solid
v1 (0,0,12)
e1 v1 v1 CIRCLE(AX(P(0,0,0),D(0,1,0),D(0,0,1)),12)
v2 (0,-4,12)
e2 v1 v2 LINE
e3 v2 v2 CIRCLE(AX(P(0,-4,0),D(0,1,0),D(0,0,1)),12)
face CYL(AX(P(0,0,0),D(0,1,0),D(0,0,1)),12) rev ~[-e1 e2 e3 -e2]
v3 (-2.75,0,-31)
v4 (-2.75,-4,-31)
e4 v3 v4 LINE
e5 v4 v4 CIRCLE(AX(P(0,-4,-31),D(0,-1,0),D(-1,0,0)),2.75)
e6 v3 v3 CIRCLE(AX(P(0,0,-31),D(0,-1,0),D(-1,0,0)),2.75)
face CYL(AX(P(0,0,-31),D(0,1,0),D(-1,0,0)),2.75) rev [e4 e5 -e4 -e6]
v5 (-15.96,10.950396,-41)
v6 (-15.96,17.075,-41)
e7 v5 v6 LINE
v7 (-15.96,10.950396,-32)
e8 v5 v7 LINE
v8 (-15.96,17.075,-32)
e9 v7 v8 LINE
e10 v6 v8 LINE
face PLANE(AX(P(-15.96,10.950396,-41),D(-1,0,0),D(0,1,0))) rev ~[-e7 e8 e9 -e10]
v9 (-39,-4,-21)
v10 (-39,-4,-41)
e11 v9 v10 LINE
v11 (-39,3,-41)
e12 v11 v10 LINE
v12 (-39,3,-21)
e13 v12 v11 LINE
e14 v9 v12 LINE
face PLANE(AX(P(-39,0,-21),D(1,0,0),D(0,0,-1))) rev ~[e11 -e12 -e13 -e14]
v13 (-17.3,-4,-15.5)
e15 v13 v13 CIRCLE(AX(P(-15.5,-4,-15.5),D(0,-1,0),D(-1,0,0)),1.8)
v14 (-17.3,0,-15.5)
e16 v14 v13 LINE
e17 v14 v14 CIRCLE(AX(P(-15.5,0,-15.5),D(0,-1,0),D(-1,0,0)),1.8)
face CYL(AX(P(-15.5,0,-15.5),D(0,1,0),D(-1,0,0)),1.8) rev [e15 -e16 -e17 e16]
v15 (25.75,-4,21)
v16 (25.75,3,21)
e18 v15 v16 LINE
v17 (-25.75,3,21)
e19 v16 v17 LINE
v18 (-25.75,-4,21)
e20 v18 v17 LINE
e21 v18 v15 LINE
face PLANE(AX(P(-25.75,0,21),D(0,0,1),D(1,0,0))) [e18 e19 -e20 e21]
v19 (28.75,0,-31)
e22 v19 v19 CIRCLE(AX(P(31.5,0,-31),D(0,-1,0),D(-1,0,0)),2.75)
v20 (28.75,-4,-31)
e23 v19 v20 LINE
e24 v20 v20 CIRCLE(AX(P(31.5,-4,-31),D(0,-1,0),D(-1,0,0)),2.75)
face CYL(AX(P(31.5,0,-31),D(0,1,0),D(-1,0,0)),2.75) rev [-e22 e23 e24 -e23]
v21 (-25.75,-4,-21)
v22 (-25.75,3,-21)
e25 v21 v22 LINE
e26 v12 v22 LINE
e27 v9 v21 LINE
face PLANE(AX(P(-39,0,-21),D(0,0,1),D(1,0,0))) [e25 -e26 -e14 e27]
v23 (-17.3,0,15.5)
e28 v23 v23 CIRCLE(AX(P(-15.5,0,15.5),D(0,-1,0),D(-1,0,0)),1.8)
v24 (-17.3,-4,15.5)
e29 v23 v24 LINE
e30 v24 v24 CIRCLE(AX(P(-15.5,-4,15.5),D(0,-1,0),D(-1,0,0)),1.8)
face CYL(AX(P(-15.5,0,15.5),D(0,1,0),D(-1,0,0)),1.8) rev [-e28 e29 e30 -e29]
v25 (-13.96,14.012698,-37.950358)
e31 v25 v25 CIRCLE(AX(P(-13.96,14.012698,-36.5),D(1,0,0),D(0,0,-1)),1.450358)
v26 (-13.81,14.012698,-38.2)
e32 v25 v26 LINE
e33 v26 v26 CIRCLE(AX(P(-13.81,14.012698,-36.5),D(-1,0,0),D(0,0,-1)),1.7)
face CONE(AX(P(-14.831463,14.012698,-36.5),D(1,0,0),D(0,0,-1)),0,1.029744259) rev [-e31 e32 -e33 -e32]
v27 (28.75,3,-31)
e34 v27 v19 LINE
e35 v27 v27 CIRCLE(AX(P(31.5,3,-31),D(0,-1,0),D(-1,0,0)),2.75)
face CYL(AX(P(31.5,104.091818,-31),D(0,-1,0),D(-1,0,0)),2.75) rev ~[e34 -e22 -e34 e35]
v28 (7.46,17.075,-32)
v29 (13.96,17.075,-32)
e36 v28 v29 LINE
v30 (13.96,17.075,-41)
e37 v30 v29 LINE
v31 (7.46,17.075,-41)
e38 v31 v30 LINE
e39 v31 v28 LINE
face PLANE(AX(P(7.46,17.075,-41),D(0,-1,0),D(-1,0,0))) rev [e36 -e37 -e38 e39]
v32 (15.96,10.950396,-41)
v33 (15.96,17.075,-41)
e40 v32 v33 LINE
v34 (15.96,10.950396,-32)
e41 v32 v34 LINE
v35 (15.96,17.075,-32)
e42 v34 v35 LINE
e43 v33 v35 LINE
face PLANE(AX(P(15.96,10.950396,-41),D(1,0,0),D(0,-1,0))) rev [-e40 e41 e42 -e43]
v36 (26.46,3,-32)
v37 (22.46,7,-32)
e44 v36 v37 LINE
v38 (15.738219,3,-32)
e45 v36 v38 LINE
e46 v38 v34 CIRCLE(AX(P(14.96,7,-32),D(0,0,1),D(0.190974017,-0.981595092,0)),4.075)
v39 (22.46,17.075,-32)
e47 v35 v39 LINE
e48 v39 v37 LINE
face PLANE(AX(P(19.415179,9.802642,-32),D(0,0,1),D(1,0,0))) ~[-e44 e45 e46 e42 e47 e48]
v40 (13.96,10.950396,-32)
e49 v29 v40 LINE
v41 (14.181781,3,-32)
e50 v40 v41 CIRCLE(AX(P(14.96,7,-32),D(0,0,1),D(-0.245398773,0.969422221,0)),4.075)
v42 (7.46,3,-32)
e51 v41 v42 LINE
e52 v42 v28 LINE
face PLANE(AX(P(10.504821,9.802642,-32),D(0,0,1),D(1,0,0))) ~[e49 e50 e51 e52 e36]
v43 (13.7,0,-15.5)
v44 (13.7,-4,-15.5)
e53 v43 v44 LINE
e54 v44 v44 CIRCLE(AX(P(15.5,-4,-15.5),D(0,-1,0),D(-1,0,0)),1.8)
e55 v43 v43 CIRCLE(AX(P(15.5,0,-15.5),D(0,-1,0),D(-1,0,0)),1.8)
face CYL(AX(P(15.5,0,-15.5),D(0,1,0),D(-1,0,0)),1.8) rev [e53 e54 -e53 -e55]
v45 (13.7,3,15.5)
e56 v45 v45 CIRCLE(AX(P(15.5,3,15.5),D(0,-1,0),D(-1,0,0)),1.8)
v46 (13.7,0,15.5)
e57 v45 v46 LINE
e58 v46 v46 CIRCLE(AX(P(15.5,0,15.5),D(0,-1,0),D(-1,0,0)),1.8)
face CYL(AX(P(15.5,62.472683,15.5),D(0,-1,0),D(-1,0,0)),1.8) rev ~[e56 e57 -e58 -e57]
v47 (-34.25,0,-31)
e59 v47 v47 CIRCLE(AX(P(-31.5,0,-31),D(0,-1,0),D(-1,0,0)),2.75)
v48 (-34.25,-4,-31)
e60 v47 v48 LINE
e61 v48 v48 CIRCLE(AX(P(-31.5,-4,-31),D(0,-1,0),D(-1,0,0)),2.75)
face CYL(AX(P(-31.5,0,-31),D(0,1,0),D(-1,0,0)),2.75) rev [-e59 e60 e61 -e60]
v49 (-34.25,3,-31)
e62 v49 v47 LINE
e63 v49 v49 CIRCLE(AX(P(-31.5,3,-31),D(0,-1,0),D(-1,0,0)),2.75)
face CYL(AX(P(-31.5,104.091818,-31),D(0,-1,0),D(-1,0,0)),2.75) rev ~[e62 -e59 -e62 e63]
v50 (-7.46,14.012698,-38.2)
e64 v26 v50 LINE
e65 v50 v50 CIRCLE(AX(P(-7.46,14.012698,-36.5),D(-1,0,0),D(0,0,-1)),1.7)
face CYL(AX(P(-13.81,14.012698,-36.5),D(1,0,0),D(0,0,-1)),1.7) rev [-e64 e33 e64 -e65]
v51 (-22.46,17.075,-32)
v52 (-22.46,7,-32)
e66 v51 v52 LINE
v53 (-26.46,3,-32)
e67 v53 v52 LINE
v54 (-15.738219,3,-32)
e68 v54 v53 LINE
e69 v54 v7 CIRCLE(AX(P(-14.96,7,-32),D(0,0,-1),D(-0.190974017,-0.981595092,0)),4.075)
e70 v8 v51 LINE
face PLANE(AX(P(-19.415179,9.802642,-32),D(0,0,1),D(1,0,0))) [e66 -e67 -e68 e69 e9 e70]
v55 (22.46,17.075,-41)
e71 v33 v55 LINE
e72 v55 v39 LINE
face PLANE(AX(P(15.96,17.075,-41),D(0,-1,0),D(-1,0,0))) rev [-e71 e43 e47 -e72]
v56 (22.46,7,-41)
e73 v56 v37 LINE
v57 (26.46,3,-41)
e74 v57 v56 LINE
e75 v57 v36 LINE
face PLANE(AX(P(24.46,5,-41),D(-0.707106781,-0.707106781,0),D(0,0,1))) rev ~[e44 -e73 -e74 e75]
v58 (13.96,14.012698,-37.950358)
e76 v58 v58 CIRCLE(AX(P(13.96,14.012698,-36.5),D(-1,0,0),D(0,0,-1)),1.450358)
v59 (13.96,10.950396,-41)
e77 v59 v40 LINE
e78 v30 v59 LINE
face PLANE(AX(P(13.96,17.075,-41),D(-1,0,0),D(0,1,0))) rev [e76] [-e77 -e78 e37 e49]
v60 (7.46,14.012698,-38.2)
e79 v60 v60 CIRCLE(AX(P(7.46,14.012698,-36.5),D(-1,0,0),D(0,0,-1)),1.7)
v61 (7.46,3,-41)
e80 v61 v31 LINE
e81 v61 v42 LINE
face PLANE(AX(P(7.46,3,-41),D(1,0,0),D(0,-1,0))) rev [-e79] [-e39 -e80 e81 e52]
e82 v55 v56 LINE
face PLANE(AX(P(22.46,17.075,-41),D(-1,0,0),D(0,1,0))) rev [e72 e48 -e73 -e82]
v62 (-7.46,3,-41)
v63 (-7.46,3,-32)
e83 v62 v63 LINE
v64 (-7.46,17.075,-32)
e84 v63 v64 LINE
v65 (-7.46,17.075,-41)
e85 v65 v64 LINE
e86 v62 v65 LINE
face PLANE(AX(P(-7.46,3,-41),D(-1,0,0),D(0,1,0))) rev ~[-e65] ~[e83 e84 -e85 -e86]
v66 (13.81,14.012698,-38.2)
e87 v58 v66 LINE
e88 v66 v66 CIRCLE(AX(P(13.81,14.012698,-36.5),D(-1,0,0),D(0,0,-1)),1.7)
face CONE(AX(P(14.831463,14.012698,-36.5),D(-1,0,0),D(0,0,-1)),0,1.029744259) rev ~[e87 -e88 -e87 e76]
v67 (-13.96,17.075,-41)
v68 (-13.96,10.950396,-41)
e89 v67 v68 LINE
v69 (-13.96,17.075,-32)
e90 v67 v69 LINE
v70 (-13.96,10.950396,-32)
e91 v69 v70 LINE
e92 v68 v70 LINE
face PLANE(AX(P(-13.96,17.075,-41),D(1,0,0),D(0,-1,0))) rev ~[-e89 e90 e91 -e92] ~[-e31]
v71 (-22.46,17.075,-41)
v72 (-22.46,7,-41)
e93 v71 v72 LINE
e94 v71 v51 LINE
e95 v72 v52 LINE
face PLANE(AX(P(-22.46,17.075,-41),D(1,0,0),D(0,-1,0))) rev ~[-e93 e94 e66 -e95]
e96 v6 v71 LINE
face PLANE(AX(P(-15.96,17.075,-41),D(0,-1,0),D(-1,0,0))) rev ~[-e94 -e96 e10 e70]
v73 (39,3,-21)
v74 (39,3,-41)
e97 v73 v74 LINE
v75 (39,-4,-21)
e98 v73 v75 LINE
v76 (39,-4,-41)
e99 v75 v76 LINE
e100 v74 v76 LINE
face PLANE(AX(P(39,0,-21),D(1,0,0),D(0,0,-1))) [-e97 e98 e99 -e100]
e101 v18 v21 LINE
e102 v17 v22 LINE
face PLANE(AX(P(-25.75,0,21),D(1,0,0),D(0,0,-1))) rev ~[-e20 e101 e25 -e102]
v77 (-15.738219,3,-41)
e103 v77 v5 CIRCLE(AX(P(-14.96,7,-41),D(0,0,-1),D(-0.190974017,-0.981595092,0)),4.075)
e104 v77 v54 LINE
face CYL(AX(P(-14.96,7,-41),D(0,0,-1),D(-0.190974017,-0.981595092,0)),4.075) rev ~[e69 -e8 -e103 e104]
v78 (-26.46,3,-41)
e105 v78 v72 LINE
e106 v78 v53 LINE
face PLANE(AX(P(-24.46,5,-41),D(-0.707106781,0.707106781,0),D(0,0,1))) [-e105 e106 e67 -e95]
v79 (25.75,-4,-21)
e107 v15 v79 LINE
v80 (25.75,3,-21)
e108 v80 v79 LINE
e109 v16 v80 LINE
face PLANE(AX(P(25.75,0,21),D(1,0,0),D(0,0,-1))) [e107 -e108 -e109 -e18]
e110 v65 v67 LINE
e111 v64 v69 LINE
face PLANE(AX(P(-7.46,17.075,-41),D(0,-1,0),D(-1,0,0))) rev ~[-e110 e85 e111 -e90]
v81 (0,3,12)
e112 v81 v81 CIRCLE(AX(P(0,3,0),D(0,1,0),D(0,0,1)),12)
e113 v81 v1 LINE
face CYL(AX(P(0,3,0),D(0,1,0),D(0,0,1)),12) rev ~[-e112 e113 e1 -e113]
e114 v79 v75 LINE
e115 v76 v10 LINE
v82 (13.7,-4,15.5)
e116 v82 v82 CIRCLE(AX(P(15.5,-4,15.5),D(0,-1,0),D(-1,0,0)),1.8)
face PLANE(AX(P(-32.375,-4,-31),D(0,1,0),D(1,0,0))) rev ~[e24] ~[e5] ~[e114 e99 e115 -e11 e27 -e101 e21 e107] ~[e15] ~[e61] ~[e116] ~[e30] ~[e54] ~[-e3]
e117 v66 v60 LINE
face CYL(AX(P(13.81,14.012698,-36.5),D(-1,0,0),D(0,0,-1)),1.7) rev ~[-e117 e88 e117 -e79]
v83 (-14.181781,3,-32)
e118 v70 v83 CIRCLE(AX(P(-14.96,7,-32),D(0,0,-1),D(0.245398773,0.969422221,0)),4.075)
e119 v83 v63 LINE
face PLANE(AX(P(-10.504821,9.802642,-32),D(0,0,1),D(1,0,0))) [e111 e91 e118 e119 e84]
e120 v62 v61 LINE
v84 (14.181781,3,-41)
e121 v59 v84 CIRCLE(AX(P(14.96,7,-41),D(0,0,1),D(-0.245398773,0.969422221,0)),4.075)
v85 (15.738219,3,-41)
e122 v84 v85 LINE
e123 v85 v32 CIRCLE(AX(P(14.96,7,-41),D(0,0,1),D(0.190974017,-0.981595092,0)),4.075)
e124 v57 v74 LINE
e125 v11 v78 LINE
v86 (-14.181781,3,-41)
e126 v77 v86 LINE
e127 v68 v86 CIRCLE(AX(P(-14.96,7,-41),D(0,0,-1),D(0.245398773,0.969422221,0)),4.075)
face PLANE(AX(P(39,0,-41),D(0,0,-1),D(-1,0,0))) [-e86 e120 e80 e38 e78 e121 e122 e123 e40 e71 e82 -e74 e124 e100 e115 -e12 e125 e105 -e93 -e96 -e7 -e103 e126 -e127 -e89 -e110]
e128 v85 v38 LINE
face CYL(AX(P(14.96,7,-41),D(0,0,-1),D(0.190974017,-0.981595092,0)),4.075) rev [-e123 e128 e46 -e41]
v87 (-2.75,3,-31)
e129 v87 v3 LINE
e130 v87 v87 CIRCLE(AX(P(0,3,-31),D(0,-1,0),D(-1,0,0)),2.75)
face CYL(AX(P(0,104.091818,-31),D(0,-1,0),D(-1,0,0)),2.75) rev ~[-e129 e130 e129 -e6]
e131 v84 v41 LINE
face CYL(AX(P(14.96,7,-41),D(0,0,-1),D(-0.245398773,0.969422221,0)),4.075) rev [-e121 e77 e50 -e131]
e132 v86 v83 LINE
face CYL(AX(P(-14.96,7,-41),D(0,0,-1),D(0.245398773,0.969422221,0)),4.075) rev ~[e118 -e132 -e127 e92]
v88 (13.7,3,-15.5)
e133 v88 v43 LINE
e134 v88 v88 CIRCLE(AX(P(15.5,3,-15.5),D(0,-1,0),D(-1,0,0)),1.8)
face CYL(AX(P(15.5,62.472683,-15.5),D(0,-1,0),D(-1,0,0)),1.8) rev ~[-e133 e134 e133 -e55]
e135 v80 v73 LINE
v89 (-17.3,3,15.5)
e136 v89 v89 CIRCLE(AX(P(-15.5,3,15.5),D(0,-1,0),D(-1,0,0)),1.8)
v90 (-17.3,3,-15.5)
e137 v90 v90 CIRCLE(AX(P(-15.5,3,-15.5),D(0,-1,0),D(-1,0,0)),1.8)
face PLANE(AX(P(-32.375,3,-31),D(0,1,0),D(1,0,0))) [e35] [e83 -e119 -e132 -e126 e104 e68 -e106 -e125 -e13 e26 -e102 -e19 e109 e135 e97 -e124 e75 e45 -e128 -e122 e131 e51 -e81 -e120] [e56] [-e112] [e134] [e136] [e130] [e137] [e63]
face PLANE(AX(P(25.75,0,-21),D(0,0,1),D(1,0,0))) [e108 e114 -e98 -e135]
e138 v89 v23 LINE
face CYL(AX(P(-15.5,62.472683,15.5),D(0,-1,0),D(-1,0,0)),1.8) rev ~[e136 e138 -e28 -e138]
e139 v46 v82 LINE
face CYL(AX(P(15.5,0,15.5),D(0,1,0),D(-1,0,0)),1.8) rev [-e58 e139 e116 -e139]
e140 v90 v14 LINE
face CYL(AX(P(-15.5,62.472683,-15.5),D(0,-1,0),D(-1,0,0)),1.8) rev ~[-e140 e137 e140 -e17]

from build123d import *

# Parameters (mm, degrees)
SKETCH1_W            = 42
SKETCH1_H            = 42
BOSS_EXTRUDE1_DEPTH  = 3
M3_CLEARANCE_HOLE1_D = 3.6
SKETCH4_R            = 12
CUT_EXTRUDE1_DEPTH   = 30.849623113
BOSS_EXTRUDE2_START  = -34
SKETCH5_R            = 4
BOSS_EXTRUDE2_DEPTH  = 20
SKETCH6_W            = 42
SKETCH6_H            = 20
BOSS_EXTRUDE3_DEPTH  = 3
SKETCH7_W            = 4.75
SKETCH7_H            = 62
BOSS_EXTRUDE4_DEPTH  = 3
BOSS_EXTRUDE5_START  = -7
BOSS_EXTRUDE5_DEPTH  = 9
SKETCH13_W           = 13.25
SKETCH13_H           = 20
BOSS_EXTRUDE6_DEPTH  = 3
M5_CLEARANCE_HOLE1_D = 5.5
CHAMFER1_SIZE        = 4
MOVE_FACE1_BY        = 4


with BuildPart() as part:
    # Sketch1 → Boss-Extrude1 (new body)
    with BuildSketch(Plane(origin=(0, 0, 0), x_dir=(1, 0, 0), z_dir=(0, 1, 0))):
        Rectangle(SKETCH1_W, SKETCH1_H)
    extrude(amount=BOSS_EXTRUDE1_DEPTH)

    # M3 Clearance Hole1 (through all)
    with Locations(Plane(origin=(0, 3, 0), x_dir=(1, 0, 0), z_dir=(0, 1, 0))):
        with Locations((-15.5, 15.5), (-15.5, -15.5), (15.5, -15.5), (15.5, 15.5)):
            Hole(M3_CLEARANCE_HOLE1_D / 2)

    # Sketch4 → Cut-Extrude1 (cut, through all)
    with BuildSketch(Plane(origin=(0, 3, 0), x_dir=(1, 0, 0), z_dir=(0, 1, 0))):
        with Locations(Location((0, 0, 0), (0, 0, 270))):
            Circle(SKETCH4_R)
    extrude(amount=-CUT_EXTRUDE1_DEPTH, mode=Mode.SUBTRACT)

    # Sketch6 → Boss-Extrude3 (add)
    with BuildSketch(Plane(origin=(0, 0, 0), x_dir=(1, 0, 0), z_dir=(0, 1, 0))):
        with Locations((0, 31)):
            Rectangle(SKETCH6_W, SKETCH6_H)
    extrude(amount=BOSS_EXTRUDE3_DEPTH)

    # Sketch7 → Boss-Extrude4 (add)
    with BuildSketch(Plane(origin=(0, 0, 0), x_dir=(1, 0, 0), z_dir=(0, 1, 0))):
        with Locations((-23.375, 10)):
            Rectangle(SKETCH7_W, SKETCH7_H)
        with Locations((23.375, 10)):
            Rectangle(SKETCH7_W, SKETCH7_H)
    extrude(amount=BOSS_EXTRUDE4_DEPTH)

    # Sketch8 → Boss-Extrude5 (add)
    with BuildSketch(Plane.XY.offset(-34).offset(BOSS_EXTRUDE5_START)):
        with BuildLine():
            Line((-22.46, 17.075), (-22.46, 3))
            Line((-22.46, 3), (-15.738219121, 3))
            ThreePointArc((-15.738219121, 3), (-19.033415417, 6.886369723), (-15.96, 10.95039555))
            Line((-15.96, 10.95039555), (-15.96, 17.075))
            Line((-15.96, 17.075), (-22.46, 17.075))
        make_face()
        with BuildLine():
            ThreePointArc((-13.96, 10.95039555), (-10.886584583, 6.886369723), (-14.181780879, 3))
            Line((-14.181780879, 3), (-7.46, 3))
            Line((-7.46, 3), (-7.46, 17.075))
            Line((-7.46, 17.075), (-13.96, 17.075))
            Line((-13.96, 17.075), (-13.96, 10.95039555))
        make_face()
    boss_extrude5 = extrude(amount=BOSS_EXTRUDE5_DEPTH)

    # Sketch10 → M3 Clearance Hole2 (revolve, cut)
    with BuildSketch(Plane(origin=(-7.46, 14.012697775, -36.5), x_dir=(0, 0, -1), z_dir=(0, 1, 0))):
        Polygon((0, 0), (0, 7.371463052), (1.7, 6.35), (1.7, 0), align=None)
    m3_clearance_hole2 = revolve(axis=Axis((-1.11, 14.012697775, -36.5), (-1, 0, 0)), mode=Mode.SUBTRACT)

    # Mirror2: Boss-Extrude5, M3 Clearance Hole2 across plane
    add(boss_extrude5.mirror(Plane(origin=(0, 0, 0), x_dir=(0, 0, 1), z_dir=(1, 0, 0))))
    add(m3_clearance_hole2.mirror(Plane(origin=(0, 0, 0), x_dir=(0, 0, 1), z_dir=(1, 0, 0))), mode=Mode.SUBTRACT)

    # Sketch13 → Boss-Extrude6 (add)
    with BuildSketch(Plane(origin=(0, 3, 0), x_dir=(1, 0, 0), z_dir=(0, 1, 0))):
        with Locations((-32.375, 31)):
            Rectangle(SKETCH13_W, SKETCH13_H)
        with Locations((32.375, 31)):
            Rectangle(SKETCH13_W, SKETCH13_H)
    extrude(amount=-BOSS_EXTRUDE6_DEPTH)

    # M5 Clearance Hole1 (through all)
    with Locations(Plane(origin=(0, 3, 0), x_dir=(1, 0, 0), z_dir=(0, 1, 0))):
        with Locations((0, 31), (-31.5, 31), (31.5, 31)):
            Hole(M5_CLEARANCE_HOLE1_D / 2)

    # Chamfer1
    chamfer1_edges = [part.edges().sort_by_distance(p)[0] for p in [
        (22.46, 3, -36.5),
        (-22.46, 3, -36.5),
    ]]
    chamfer(chamfer1_edges, length=CHAMFER1_SIZE)

    # Move Face1: a face moved outward by 4.0
    extrude(part.faces().sort_by_distance((0, 0, -14.610959183))[0], amount=MOVE_FACE1_BY, dir=(0, -1, 0))


with BuildPart() as body_2:
    # Sketch5 → Boss-Extrude2 (new body)
    with BuildSketch(Plane.XY.offset(BOSS_EXTRUDE2_START)):
        with Locations((-14.96, 7)):
            Circle(SKETCH5_R)
    extrude(amount=-BOSS_EXTRUDE2_DEPTH)


solid = part.part
